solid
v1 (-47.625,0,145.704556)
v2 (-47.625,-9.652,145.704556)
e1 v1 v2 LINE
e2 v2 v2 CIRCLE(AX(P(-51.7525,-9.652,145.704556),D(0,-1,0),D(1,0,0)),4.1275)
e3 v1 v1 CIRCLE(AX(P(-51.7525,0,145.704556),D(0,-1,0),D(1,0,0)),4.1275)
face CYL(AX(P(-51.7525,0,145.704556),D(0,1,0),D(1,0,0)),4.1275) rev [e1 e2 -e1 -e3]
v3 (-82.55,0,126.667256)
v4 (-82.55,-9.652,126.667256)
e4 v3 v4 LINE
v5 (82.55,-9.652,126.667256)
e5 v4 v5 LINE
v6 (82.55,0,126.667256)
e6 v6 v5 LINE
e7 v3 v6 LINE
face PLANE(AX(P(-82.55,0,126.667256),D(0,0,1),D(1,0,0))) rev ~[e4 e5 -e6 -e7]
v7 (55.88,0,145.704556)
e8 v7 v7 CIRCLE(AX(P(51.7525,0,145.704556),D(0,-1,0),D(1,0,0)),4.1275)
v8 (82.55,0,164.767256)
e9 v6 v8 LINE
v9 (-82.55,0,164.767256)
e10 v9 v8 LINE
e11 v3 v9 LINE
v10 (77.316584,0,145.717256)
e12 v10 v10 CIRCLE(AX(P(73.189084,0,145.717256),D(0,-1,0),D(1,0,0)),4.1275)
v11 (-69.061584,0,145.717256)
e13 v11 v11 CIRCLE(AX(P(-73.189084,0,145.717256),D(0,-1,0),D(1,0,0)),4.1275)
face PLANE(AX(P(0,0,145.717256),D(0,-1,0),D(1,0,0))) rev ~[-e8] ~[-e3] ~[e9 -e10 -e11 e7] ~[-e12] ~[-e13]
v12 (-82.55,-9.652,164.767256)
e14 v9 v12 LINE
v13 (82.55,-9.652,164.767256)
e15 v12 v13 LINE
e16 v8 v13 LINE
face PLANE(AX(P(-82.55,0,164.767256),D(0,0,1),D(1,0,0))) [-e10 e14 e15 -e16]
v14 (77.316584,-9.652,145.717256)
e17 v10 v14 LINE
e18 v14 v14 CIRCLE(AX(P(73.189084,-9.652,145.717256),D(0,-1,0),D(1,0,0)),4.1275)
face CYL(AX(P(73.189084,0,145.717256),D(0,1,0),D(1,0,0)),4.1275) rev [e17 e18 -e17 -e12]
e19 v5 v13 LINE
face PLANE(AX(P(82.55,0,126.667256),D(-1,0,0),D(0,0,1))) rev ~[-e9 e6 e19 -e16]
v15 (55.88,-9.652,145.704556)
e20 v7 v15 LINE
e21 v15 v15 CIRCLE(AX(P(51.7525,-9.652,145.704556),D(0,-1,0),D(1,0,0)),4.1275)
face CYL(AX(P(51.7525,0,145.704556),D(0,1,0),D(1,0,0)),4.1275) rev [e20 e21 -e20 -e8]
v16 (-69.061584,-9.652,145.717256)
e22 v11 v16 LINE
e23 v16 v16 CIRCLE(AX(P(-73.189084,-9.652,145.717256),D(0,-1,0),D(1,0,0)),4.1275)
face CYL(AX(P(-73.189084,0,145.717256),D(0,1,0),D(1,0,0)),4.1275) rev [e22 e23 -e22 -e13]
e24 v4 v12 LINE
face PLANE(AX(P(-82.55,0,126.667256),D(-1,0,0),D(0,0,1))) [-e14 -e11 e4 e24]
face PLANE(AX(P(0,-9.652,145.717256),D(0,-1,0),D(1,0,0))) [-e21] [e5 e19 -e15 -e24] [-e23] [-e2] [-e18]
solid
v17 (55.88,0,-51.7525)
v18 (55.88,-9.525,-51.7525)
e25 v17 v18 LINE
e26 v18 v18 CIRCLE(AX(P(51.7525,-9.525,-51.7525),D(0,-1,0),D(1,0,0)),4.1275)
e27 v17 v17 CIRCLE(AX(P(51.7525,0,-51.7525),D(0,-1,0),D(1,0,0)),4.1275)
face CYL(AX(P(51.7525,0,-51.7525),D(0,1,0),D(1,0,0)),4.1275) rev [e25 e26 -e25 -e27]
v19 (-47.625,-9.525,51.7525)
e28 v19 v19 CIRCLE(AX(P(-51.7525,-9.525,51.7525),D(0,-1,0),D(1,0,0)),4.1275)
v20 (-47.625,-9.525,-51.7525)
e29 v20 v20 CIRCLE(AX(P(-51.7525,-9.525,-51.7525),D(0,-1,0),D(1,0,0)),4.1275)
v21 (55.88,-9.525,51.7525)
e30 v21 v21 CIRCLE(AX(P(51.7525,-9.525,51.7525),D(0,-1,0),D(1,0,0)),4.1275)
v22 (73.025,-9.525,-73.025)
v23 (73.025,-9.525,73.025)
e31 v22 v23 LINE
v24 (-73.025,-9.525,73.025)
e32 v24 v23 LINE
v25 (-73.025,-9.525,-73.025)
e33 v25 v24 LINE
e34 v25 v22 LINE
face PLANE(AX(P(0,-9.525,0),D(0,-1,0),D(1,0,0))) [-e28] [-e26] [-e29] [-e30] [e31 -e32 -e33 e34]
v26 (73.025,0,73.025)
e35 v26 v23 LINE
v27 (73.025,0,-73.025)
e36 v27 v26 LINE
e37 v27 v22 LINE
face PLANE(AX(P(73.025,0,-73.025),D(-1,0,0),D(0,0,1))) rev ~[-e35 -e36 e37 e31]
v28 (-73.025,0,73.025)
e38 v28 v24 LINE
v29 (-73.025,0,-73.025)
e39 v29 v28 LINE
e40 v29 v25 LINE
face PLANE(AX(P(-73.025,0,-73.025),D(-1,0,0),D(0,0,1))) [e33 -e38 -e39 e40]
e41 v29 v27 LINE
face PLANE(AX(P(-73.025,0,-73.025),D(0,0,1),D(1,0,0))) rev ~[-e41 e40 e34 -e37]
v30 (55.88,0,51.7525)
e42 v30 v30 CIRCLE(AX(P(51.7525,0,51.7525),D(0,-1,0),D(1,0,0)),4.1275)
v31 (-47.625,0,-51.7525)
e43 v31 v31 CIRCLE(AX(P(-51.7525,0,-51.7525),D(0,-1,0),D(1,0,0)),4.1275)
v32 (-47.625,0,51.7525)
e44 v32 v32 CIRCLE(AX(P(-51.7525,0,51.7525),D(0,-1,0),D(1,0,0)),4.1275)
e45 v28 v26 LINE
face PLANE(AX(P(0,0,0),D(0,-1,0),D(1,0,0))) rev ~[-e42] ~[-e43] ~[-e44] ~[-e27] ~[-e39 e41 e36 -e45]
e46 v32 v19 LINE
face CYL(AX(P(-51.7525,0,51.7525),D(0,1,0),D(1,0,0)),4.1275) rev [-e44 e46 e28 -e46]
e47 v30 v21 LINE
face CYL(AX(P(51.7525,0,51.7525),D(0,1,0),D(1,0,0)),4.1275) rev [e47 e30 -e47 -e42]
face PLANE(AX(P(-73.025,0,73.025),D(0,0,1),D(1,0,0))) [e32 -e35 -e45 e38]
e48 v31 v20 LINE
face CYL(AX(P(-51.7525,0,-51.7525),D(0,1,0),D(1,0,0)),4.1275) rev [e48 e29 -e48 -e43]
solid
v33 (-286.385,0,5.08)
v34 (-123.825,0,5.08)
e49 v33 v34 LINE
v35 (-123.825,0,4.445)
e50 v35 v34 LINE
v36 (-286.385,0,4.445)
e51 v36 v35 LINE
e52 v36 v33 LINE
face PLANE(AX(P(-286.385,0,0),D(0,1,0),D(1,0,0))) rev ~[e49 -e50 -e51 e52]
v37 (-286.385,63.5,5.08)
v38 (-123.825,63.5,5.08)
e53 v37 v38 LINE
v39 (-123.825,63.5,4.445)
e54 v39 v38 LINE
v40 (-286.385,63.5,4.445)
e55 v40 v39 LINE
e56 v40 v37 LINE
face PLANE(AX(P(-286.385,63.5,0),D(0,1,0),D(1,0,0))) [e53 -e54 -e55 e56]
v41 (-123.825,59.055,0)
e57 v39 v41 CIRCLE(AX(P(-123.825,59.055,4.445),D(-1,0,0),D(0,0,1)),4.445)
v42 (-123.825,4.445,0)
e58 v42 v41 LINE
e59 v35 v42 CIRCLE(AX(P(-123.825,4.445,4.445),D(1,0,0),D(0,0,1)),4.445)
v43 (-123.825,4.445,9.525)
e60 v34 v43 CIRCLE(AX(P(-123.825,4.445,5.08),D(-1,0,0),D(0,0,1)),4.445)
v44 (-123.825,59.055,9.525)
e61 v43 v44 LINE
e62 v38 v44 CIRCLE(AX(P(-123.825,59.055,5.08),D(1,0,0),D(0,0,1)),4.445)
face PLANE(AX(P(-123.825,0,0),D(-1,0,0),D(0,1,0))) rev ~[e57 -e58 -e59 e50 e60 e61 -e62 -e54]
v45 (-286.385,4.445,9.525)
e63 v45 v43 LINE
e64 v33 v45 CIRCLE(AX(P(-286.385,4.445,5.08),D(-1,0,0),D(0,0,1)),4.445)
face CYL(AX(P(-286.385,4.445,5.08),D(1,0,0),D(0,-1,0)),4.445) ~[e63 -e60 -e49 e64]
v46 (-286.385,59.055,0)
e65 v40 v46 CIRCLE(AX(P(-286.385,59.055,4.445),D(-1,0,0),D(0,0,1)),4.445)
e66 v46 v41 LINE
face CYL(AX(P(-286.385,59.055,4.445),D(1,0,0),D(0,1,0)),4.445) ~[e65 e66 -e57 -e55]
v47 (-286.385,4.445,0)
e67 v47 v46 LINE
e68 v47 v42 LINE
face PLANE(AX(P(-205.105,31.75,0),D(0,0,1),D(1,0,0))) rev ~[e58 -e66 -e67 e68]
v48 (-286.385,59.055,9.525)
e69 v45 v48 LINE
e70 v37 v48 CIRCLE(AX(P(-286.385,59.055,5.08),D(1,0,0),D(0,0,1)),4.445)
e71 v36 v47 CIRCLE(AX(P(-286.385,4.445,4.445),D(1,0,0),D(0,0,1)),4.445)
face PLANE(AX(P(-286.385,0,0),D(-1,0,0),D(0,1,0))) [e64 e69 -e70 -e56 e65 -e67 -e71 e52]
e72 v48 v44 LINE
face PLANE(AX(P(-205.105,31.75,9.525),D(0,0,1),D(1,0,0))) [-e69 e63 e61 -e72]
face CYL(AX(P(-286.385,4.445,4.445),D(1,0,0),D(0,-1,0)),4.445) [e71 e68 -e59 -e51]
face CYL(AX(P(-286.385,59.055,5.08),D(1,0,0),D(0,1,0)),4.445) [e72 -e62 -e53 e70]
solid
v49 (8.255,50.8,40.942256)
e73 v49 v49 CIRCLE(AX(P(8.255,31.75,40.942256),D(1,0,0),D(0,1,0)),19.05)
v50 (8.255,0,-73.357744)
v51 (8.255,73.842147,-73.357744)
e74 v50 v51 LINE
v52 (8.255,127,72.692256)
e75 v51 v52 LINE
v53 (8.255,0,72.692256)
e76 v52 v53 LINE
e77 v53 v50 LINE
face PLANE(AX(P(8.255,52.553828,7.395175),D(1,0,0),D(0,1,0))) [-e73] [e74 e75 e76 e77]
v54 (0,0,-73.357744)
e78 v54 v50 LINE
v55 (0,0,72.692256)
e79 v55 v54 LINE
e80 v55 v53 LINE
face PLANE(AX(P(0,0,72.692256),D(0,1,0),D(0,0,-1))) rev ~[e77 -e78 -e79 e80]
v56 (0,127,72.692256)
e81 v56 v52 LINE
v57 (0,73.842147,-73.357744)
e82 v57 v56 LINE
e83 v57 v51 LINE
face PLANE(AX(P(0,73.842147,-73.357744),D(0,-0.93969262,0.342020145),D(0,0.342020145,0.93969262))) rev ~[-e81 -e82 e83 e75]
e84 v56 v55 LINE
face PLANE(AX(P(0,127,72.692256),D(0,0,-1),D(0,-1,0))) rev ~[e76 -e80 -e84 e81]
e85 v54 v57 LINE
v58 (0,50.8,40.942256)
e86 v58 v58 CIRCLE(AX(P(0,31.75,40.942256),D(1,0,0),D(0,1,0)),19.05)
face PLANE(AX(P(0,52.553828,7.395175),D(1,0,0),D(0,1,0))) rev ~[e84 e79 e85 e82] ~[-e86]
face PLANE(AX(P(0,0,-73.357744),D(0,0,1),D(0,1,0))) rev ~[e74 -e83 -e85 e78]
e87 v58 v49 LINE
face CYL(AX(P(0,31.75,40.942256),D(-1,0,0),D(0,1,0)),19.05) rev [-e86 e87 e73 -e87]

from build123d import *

# Parameters (mm, degrees)
F0_W     = 146.05
F0_H     = 146.05
F0_R     = 4.1275
F0_W_2   = 95.25
F0_H_2   = 95.25
F1_DEPTH = 9.525
F2_R     = 19.05
F3_DEPTH = 8.255
F4_W     = 162.56
F4_H     = 63.5
F5_DEPTH = 9.525
F6_R     = 4.445
F7_W     = 165.1
F7_H     = 38.1
F7_R     = 4.1275
F8_DEPTH = 9.652


with BuildPart() as f1:
    # F0 (on Front) → F1 (new body)
    with BuildSketch(Plane.XZ):
        Rectangle(F0_W, F0_H)
        with Locations((-51.7525, -51.7525)):
            Circle(F0_R, mode=Mode.SUBTRACT)
        with Locations((51.7525, -51.7525)):
            Circle(F0_R, mode=Mode.SUBTRACT)
        with Locations((-51.7525, 51.7525)):
            Circle(F0_R, mode=Mode.SUBTRACT)
        Rectangle(F0_W_2, F0_H_2, mode=Mode.SUBTRACT)
        with Locations((51.7525, 51.7525)):
            Circle(F0_R, mode=Mode.SUBTRACT)
        Rectangle(F0_W_2, F0_H_2)
    extrude(amount=F1_DEPTH)


with BuildPart() as f3:
    # F2 (on Right) → F3 (new body)
    with BuildSketch(Plane.YZ):
        Polygon((0, 72.692256), (0, -73.357744), (73.842147, -73.357744), (127, 72.692256), align=None)
        with Locations((31.75, 40.942256)):
            Circle(F2_R, mode=Mode.SUBTRACT)
    extrude(amount=F3_DEPTH)


with BuildPart() as f5:
    # F4 (on Top) → F5 (new body)
    with BuildSketch(Plane.XY):
        with Locations((-205.105, 31.75)):
            Rectangle(F4_W, F4_H)
    extrude(amount=F5_DEPTH)

    # F6
    f6_edges = [f5.edges().sort_by_distance(p)[0] for p in [
        (-205.105, 0, 9.525),
        (-205.105, 0, 0),
        (-205.105, 63.5, 9.525),
        (-205.105, 63.5, 0),
    ]]
    fillet(f6_edges, radius=F6_R)


with BuildPart() as f8:
    # F7 (on Front) → F8 (new body)
    with BuildSketch(Plane.XZ):
        with Locations((0, 145.717256)):
            Rectangle(F7_W, F7_H)
        with Locations((-73.189084, 145.717256)):
            Circle(F7_R, mode=Mode.SUBTRACT)
        with Locations((-51.7525, 145.704556)):
            Circle(F7_R, mode=Mode.SUBTRACT)
        with Locations((51.7525, 145.704556)):
            Circle(F7_R, mode=Mode.SUBTRACT)
        with Locations((73.189084, 145.717256)):
            Circle(F7_R, mode=Mode.SUBTRACT)
    extrude(amount=F8_DEPTH)


solid = Compound([f1.part, f3.part, f5.part, f8.part])
